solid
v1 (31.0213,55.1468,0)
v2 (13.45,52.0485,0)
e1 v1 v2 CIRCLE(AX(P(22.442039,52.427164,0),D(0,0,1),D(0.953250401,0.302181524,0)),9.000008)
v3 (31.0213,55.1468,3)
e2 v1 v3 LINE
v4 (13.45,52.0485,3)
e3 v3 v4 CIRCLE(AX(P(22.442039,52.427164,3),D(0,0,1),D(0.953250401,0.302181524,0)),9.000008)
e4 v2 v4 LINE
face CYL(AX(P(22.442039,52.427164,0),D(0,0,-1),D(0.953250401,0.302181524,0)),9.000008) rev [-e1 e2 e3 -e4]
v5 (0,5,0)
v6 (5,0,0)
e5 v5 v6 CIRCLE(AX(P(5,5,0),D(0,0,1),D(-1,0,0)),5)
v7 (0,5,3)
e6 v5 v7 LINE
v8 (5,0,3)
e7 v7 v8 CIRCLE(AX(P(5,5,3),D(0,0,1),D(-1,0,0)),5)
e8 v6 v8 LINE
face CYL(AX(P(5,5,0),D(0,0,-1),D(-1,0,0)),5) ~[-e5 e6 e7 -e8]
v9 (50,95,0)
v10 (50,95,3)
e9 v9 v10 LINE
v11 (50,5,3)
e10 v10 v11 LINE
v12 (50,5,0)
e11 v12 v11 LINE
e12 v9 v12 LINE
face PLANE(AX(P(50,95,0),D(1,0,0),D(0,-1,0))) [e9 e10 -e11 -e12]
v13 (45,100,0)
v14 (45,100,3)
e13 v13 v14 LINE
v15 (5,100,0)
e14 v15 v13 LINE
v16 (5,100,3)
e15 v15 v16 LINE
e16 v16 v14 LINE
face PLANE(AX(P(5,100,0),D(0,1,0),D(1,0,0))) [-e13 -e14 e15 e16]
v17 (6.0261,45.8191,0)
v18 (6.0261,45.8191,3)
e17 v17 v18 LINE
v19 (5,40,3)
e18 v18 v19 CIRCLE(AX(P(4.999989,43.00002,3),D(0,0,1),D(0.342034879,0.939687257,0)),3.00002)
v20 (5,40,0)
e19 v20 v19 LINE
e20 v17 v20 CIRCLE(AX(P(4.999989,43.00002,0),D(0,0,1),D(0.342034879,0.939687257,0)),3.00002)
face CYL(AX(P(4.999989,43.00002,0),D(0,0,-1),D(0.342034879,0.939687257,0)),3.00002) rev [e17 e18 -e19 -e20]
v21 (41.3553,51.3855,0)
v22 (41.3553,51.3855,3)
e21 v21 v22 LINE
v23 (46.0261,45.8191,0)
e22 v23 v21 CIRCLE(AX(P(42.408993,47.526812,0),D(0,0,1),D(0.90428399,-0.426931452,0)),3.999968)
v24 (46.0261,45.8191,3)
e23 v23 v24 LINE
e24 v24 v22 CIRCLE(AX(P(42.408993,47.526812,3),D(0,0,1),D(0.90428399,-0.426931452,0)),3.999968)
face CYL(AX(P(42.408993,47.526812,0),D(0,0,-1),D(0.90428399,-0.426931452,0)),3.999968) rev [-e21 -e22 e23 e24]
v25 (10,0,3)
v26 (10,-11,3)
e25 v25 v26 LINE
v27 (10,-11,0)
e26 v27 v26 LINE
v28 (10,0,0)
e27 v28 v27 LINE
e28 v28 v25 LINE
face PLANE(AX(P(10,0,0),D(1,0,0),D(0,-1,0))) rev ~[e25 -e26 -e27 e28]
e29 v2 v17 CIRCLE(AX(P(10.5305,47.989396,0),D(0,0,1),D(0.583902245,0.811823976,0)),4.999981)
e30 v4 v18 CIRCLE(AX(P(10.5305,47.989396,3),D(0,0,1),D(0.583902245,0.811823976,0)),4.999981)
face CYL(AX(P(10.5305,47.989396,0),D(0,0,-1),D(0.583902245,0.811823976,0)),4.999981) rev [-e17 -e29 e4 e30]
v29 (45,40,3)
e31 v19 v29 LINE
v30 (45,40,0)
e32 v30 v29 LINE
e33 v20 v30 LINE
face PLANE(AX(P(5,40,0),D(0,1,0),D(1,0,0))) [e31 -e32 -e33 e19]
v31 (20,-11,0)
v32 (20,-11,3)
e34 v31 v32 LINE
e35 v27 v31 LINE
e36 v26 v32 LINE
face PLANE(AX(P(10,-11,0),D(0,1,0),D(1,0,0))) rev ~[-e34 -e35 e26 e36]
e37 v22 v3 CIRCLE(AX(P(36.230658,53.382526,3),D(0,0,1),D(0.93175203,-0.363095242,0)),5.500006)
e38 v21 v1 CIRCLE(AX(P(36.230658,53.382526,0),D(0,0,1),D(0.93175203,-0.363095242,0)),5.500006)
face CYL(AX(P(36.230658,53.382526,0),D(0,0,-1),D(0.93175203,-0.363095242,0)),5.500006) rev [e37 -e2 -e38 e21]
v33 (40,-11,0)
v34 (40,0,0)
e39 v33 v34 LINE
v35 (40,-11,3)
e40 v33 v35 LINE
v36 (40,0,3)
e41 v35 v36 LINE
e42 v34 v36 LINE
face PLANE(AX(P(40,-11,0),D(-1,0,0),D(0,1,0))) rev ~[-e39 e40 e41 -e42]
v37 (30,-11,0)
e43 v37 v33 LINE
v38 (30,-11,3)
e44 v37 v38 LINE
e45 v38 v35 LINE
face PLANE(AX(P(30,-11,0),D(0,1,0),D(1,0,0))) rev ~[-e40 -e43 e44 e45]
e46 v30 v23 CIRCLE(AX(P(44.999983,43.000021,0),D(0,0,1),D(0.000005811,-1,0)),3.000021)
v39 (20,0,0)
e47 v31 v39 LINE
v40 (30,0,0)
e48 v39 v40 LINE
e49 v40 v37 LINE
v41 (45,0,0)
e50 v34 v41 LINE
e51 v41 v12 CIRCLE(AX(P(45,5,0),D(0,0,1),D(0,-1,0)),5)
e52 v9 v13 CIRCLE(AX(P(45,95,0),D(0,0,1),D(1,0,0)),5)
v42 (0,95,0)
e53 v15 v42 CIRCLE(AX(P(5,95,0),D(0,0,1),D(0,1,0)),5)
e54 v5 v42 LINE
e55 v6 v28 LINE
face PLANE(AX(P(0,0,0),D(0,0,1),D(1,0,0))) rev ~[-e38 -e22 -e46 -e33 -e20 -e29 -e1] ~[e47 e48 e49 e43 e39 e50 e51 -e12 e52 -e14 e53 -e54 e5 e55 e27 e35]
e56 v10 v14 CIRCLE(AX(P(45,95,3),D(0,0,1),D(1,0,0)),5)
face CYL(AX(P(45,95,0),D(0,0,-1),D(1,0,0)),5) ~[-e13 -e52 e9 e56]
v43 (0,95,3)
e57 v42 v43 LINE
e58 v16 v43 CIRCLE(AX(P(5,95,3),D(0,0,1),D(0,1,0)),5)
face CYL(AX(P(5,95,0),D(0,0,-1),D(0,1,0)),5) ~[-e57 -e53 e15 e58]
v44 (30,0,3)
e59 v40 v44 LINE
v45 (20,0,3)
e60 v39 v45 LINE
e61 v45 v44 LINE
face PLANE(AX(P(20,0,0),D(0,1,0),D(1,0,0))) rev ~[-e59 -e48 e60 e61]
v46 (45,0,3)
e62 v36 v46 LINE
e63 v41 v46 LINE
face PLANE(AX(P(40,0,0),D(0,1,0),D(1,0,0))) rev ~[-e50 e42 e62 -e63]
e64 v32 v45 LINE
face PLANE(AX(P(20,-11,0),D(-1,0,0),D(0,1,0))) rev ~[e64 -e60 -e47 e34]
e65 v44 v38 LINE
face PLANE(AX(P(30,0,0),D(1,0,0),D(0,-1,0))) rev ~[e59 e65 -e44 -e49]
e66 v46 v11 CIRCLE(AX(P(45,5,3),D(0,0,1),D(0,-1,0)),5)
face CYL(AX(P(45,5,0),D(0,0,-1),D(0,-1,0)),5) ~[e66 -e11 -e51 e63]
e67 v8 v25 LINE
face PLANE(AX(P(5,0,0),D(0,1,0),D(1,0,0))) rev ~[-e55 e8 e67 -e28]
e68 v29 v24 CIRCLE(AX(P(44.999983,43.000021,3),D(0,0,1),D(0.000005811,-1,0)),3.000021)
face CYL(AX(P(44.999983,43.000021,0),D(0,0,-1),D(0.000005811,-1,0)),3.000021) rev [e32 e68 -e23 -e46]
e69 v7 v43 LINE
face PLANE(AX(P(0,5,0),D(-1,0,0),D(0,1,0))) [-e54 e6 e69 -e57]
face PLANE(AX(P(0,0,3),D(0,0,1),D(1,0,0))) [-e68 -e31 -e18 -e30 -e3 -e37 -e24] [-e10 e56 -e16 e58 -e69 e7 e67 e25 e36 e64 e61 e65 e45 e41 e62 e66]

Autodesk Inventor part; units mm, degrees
ref_plane "YZ Plane" through (0, 0, 0) normal (1, 0, 0) x (0, 1, 0)
ref_plane "XZ Plane" through (0, 0, 0) normal (0, 1, 0) x (-1, 0, 0)
ref_plane "XY Plane" through (0, 0, 0) normal (0, 0, 1) x (1, 0, 0)
sketch "Skizze1" plane through (0, 0, 0) normal (0, 0, 1) x (1, 0, 0)
  line L0 (0, 5) -> (0, 95)
  line L1 (5, 100) -> (45, 100)
  line L2 (50, 95) -> (50, 5)
  arc A0 (5, 100) -> (0, 95) centre (5, 95) ccw
  arc A1 (50, 95) -> (45, 100) centre (45, 95) ccw
  arc A2 (45, 0) -> (50, 5) centre (45, 5) ccw
  arc A3 (0, 5) -> (5, 0) centre (5, 5) ccw
  line L3 (10, 0) -> (10, -11)
  line L4 (10, -11) -> (20, -11)
  line L5 (20, -11) -> (20, 0)
  line L6 (30, 0) -> (30, -11)
  line L7 (30, -11) -> (40, -11)
  line L8 (40, -11) -> (40, 0)
  line L9 (5, 0) -> (10, 0)
  line L10 (20, 0) -> (30, 0)
  line L11 (40, 0) -> (45, 0)
  line L12 (5, 40) -> (45, 40)
  arc A4 (6.0261, 45.8191) -> (5, 40) centre (5, 43) ccw
  arc A5 (45, 40) -> (46.0261, 45.8191) centre (45, 43) ccw
  arc A6 (46.0261, 45.8191) -> (41.3553, 51.3855) centre (42.4089, 47.5268) ccw
  arc A7 (13.45, 52.0485) -> (6.0261, 45.8191) centre (10.5305, 47.9894) ccw
  arc A8 (31.0213, 55.1468) -> (13.45, 52.0485) centre (22.442, 52.4271) ccw
  line L13 (5, 40) -> (6.0261, 45.8191) construction
  line L14 (6.0261, 45.8191) -> (13.45, 52.0485) construction
  line L15 (13.45, 52.0485) -> (31.0213, 55.1468) construction
  line L16 (41.3553, 51.3855) -> (46.0261, 45.8191) construction
  line L17 (45, 40) -> (46.0261, 45.8191) construction
  arc A9 (41.3553, 51.3855) -> (31.0213, 55.1468) centre (36.2306, 53.3825) ccw
  line L18 (31.0213, 55.1468) -> (41.3553, 51.3855) construction
  point P0 (0, 0)
  point P1 (25, 40)
  point P2 (25, 0)
  dimension "d1" = 50
  dimension "d3" = 5
  dimension "d4" = 11
  dimension "d5" = 10
  dimension "d6" = 100
  dimension "d15" = 40
  dimension "d24" = 40
  dimension "d28" = 3
  dimension "d29" = 3
  dimension "d30" = 100
  dimension "d31" = 4
  dimension "d32" = 130
  dimension "d33" = 80
  dimension "d34" = 140
  dimension "d35" = 5
  dimension "d36" = 9
  dimension "d37" = 5.5
  dimension "d38" = 150
  dimension "d39" = 150
  dimension "d40" = 12.0485
  dimension "d41" = 11.3855
extrude "Extrusion1" add sketch "Skizze1" along normal blind 3
properties part number "Scheibe" material "Glas"
